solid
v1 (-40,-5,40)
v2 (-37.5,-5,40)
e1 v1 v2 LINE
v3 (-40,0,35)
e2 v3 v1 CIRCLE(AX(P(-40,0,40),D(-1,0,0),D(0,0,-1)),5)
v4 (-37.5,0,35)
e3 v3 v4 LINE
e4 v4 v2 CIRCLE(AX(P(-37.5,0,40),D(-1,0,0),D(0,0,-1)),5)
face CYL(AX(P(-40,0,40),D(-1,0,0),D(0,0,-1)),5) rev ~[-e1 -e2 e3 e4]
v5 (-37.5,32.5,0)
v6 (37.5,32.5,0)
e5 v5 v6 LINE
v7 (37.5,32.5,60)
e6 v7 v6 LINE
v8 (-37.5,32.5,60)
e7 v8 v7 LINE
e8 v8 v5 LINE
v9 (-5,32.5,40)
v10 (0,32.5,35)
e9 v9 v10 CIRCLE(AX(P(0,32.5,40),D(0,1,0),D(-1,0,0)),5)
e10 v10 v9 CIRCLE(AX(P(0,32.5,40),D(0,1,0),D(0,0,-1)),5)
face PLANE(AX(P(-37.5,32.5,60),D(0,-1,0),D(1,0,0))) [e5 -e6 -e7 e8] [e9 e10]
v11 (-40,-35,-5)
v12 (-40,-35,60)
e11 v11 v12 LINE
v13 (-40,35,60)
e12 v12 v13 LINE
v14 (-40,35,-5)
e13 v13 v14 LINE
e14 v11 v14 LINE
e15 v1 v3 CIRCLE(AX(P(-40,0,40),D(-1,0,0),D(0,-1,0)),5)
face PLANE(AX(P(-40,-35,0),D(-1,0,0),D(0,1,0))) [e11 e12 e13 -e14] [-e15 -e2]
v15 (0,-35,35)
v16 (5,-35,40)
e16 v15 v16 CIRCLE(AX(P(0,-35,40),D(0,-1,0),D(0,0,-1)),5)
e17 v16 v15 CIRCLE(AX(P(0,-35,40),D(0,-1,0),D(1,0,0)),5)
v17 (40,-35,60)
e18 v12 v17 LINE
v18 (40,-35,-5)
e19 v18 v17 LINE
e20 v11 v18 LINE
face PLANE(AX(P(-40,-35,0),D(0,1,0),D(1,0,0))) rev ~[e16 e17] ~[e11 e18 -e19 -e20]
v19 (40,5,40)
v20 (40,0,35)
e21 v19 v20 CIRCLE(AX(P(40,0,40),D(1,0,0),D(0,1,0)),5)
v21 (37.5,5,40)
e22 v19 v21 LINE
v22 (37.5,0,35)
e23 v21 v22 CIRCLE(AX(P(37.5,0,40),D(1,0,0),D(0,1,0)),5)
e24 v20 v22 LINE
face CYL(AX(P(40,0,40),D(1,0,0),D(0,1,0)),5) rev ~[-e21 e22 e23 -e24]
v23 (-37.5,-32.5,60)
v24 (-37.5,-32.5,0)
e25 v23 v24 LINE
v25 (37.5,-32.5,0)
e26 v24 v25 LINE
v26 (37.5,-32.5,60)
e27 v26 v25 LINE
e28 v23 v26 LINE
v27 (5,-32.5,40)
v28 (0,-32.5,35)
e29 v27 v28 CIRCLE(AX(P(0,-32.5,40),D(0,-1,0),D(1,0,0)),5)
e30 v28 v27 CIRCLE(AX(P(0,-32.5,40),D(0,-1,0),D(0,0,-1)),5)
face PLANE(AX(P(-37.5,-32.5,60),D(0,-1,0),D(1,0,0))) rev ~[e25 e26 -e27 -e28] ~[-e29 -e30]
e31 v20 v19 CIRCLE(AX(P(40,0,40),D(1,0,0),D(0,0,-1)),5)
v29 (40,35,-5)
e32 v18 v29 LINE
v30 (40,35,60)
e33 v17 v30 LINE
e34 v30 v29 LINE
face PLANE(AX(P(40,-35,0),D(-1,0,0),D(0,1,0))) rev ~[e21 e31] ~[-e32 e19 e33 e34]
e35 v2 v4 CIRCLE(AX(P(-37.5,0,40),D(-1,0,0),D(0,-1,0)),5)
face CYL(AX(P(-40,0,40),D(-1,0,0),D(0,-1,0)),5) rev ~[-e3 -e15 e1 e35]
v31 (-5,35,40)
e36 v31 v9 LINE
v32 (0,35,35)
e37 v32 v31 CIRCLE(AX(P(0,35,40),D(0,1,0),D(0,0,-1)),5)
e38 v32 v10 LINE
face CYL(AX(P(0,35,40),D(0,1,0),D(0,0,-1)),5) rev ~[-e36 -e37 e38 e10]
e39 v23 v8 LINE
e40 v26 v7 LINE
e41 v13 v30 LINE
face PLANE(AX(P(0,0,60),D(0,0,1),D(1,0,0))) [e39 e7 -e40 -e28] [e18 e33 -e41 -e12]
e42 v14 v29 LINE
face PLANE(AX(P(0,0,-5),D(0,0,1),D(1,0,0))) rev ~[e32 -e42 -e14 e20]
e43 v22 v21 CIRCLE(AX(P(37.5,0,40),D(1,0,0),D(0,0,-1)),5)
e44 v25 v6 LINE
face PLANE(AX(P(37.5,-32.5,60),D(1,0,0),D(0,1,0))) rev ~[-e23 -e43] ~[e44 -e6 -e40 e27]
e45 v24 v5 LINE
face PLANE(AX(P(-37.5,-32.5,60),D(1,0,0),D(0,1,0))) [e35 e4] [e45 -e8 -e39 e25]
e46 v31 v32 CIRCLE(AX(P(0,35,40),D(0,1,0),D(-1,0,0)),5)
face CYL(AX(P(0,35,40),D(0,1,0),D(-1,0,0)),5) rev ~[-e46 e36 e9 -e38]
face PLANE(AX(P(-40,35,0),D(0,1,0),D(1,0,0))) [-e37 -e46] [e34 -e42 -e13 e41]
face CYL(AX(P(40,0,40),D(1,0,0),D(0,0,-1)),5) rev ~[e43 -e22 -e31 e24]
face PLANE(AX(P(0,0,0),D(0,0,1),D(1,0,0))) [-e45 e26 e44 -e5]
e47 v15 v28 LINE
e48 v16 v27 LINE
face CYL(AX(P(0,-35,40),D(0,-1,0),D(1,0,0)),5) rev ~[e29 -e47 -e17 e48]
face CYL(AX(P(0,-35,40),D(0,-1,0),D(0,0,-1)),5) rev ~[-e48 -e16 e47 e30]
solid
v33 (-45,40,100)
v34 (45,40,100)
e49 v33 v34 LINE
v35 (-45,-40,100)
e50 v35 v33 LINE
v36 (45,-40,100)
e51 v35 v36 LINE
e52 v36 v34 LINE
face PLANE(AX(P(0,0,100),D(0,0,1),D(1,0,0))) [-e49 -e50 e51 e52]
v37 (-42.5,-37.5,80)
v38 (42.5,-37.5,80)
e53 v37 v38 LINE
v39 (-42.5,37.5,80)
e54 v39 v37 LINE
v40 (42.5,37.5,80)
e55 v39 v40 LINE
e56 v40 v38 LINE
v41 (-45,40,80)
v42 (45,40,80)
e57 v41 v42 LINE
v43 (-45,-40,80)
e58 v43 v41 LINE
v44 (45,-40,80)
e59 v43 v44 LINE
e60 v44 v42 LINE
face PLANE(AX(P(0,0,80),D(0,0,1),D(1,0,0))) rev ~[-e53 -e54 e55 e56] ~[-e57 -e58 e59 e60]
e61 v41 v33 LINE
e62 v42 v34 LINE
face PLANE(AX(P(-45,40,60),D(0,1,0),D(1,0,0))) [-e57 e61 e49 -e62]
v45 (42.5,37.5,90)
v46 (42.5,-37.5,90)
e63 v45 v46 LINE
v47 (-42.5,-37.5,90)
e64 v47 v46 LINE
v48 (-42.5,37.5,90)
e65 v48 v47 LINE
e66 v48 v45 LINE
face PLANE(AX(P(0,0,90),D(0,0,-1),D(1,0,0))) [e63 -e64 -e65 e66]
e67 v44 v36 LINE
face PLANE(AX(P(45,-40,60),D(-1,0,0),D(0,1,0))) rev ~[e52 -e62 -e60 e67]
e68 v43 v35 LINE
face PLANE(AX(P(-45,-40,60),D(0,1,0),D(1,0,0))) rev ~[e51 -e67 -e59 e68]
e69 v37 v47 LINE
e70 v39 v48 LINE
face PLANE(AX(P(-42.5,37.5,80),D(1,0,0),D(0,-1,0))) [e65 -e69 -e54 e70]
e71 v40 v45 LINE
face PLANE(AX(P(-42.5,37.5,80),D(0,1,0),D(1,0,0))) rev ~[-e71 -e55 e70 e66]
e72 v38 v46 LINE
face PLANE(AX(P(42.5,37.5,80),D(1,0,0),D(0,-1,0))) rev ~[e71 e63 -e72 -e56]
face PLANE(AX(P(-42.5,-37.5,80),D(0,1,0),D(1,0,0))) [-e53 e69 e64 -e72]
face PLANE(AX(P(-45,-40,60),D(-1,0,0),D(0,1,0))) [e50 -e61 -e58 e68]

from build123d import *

# Parameters (mm, degrees)
F0_W      = 80
F0_H      = 70
F0_W_2    = 53
F0_H_2    = 53
F1_DEPTH  = 5
F2_DEPTH  = 60
F3_W      = 90
F3_H      = 80
F4_DEPTH  = 40
F3_W_2    = 80
F3_H_2    = 70
F5_DEPTH  = 20
F6_W      = 85
F6_H      = 75
F7_DEPTH  = 10
F8_W      = 75
F8_H      = 65
F9_DEPTH  = 60
F11_DEPTH = 5
F13_DEPTH = 5
F15_DEPTH = 5
F17_DEPTH = 5


with BuildPart() as f1:
    # F0 (on Top) → F1 (new body)
    with BuildSketch(Plane.XY):
        Rectangle(F0_W, F0_H)
        Rectangle(F0_W_2, F0_H_2, mode=Mode.SUBTRACT)
        Rectangle(F0_W_2, F0_H_2)
    extrude(amount=-F1_DEPTH)

    # F0 (on Top) → F2 (join)
    with BuildSketch(Plane.XY):
        Rectangle(F0_W, F0_H)
        Rectangle(F0_W_2, F0_H_2, mode=Mode.SUBTRACT)
    extrude(amount=F2_DEPTH)

    # F3 (on face) → F4 (join)
    with BuildSketch(Plane.XY.offset(60)):
        Rectangle(F3_W, F3_H)
    extrude(amount=F4_DEPTH)

    # F3 (on face) → F5 (cut)
    with BuildSketch(Plane.XY.offset(60)):
        Rectangle(F3_W, F3_H)
        Rectangle(F3_W_2, F3_H_2, mode=Mode.SUBTRACT)
        Rectangle(F3_W, F3_H)
    extrude(amount=F5_DEPTH, mode=Mode.SUBTRACT)

    # F6 (on face) → F7 (cut)
    with BuildSketch(Plane(origin=(0, 0, 80), x_dir=(1, 0, 0), z_dir=(0, 0, -1))):
        Rectangle(F6_W, F6_H)
    extrude(amount=-F7_DEPTH, mode=Mode.SUBTRACT)

    # F8 (on face) → F9 (cut)
    with BuildSketch(Plane.XY.offset(60)):
        Rectangle(F8_W, F8_H)
    extrude(amount=-F9_DEPTH, mode=Mode.SUBTRACT)

    # F10 (on face) → F11 (cut)
    with BuildSketch(Plane(origin=(-40, 0, 0), x_dir=(0, -1, 0), z_dir=(-1, 0, 0))):
        with BuildLine():
            ThreePointArc((0, 35), (3.5355339059, 36.4644660941), (5, 40))
            ThreePointArc((5, 40), (-3.5355339059, 43.5355339059), (0, 35))
        make_face()
    extrude(amount=-F11_DEPTH, mode=Mode.SUBTRACT)

    # F12 (on face) → F13 (cut)
    with BuildSketch(Plane.YZ.offset(40)):
        with BuildLine():
            ThreePointArc((0, 35), (3.5355339059, 36.4644660941), (5, 40))
            ThreePointArc((5, 40), (-3.5355339059, 43.5355339059), (0, 35))
        make_face()
    extrude(amount=-F13_DEPTH, mode=Mode.SUBTRACT)

    # F14 (on face) → F15 (cut)
    with BuildSketch(Plane(origin=(0, 35, 0), x_dir=(-1, 0, 0), z_dir=(0, 1, 0))):
        with BuildLine():
            ThreePointArc((0, 35), (3.5355339059, 36.4644660941), (5, 40))
            ThreePointArc((5, 40), (-3.5355339059, 43.5355339059), (0, 35))
        make_face()
    extrude(amount=-F15_DEPTH, mode=Mode.SUBTRACT)

    # F16 (on face) → F17 (cut)
    with BuildSketch(Plane.XZ.offset(35)):
        with BuildLine():
            ThreePointArc((0, 35), (3.5355339059, 36.4644660941), (5, 40))
            ThreePointArc((5, 40), (-3.5355339059, 43.5355339059), (0, 35))
        make_face()
    extrude(amount=-F17_DEPTH, mode=Mode.SUBTRACT)


solid = f1.part
